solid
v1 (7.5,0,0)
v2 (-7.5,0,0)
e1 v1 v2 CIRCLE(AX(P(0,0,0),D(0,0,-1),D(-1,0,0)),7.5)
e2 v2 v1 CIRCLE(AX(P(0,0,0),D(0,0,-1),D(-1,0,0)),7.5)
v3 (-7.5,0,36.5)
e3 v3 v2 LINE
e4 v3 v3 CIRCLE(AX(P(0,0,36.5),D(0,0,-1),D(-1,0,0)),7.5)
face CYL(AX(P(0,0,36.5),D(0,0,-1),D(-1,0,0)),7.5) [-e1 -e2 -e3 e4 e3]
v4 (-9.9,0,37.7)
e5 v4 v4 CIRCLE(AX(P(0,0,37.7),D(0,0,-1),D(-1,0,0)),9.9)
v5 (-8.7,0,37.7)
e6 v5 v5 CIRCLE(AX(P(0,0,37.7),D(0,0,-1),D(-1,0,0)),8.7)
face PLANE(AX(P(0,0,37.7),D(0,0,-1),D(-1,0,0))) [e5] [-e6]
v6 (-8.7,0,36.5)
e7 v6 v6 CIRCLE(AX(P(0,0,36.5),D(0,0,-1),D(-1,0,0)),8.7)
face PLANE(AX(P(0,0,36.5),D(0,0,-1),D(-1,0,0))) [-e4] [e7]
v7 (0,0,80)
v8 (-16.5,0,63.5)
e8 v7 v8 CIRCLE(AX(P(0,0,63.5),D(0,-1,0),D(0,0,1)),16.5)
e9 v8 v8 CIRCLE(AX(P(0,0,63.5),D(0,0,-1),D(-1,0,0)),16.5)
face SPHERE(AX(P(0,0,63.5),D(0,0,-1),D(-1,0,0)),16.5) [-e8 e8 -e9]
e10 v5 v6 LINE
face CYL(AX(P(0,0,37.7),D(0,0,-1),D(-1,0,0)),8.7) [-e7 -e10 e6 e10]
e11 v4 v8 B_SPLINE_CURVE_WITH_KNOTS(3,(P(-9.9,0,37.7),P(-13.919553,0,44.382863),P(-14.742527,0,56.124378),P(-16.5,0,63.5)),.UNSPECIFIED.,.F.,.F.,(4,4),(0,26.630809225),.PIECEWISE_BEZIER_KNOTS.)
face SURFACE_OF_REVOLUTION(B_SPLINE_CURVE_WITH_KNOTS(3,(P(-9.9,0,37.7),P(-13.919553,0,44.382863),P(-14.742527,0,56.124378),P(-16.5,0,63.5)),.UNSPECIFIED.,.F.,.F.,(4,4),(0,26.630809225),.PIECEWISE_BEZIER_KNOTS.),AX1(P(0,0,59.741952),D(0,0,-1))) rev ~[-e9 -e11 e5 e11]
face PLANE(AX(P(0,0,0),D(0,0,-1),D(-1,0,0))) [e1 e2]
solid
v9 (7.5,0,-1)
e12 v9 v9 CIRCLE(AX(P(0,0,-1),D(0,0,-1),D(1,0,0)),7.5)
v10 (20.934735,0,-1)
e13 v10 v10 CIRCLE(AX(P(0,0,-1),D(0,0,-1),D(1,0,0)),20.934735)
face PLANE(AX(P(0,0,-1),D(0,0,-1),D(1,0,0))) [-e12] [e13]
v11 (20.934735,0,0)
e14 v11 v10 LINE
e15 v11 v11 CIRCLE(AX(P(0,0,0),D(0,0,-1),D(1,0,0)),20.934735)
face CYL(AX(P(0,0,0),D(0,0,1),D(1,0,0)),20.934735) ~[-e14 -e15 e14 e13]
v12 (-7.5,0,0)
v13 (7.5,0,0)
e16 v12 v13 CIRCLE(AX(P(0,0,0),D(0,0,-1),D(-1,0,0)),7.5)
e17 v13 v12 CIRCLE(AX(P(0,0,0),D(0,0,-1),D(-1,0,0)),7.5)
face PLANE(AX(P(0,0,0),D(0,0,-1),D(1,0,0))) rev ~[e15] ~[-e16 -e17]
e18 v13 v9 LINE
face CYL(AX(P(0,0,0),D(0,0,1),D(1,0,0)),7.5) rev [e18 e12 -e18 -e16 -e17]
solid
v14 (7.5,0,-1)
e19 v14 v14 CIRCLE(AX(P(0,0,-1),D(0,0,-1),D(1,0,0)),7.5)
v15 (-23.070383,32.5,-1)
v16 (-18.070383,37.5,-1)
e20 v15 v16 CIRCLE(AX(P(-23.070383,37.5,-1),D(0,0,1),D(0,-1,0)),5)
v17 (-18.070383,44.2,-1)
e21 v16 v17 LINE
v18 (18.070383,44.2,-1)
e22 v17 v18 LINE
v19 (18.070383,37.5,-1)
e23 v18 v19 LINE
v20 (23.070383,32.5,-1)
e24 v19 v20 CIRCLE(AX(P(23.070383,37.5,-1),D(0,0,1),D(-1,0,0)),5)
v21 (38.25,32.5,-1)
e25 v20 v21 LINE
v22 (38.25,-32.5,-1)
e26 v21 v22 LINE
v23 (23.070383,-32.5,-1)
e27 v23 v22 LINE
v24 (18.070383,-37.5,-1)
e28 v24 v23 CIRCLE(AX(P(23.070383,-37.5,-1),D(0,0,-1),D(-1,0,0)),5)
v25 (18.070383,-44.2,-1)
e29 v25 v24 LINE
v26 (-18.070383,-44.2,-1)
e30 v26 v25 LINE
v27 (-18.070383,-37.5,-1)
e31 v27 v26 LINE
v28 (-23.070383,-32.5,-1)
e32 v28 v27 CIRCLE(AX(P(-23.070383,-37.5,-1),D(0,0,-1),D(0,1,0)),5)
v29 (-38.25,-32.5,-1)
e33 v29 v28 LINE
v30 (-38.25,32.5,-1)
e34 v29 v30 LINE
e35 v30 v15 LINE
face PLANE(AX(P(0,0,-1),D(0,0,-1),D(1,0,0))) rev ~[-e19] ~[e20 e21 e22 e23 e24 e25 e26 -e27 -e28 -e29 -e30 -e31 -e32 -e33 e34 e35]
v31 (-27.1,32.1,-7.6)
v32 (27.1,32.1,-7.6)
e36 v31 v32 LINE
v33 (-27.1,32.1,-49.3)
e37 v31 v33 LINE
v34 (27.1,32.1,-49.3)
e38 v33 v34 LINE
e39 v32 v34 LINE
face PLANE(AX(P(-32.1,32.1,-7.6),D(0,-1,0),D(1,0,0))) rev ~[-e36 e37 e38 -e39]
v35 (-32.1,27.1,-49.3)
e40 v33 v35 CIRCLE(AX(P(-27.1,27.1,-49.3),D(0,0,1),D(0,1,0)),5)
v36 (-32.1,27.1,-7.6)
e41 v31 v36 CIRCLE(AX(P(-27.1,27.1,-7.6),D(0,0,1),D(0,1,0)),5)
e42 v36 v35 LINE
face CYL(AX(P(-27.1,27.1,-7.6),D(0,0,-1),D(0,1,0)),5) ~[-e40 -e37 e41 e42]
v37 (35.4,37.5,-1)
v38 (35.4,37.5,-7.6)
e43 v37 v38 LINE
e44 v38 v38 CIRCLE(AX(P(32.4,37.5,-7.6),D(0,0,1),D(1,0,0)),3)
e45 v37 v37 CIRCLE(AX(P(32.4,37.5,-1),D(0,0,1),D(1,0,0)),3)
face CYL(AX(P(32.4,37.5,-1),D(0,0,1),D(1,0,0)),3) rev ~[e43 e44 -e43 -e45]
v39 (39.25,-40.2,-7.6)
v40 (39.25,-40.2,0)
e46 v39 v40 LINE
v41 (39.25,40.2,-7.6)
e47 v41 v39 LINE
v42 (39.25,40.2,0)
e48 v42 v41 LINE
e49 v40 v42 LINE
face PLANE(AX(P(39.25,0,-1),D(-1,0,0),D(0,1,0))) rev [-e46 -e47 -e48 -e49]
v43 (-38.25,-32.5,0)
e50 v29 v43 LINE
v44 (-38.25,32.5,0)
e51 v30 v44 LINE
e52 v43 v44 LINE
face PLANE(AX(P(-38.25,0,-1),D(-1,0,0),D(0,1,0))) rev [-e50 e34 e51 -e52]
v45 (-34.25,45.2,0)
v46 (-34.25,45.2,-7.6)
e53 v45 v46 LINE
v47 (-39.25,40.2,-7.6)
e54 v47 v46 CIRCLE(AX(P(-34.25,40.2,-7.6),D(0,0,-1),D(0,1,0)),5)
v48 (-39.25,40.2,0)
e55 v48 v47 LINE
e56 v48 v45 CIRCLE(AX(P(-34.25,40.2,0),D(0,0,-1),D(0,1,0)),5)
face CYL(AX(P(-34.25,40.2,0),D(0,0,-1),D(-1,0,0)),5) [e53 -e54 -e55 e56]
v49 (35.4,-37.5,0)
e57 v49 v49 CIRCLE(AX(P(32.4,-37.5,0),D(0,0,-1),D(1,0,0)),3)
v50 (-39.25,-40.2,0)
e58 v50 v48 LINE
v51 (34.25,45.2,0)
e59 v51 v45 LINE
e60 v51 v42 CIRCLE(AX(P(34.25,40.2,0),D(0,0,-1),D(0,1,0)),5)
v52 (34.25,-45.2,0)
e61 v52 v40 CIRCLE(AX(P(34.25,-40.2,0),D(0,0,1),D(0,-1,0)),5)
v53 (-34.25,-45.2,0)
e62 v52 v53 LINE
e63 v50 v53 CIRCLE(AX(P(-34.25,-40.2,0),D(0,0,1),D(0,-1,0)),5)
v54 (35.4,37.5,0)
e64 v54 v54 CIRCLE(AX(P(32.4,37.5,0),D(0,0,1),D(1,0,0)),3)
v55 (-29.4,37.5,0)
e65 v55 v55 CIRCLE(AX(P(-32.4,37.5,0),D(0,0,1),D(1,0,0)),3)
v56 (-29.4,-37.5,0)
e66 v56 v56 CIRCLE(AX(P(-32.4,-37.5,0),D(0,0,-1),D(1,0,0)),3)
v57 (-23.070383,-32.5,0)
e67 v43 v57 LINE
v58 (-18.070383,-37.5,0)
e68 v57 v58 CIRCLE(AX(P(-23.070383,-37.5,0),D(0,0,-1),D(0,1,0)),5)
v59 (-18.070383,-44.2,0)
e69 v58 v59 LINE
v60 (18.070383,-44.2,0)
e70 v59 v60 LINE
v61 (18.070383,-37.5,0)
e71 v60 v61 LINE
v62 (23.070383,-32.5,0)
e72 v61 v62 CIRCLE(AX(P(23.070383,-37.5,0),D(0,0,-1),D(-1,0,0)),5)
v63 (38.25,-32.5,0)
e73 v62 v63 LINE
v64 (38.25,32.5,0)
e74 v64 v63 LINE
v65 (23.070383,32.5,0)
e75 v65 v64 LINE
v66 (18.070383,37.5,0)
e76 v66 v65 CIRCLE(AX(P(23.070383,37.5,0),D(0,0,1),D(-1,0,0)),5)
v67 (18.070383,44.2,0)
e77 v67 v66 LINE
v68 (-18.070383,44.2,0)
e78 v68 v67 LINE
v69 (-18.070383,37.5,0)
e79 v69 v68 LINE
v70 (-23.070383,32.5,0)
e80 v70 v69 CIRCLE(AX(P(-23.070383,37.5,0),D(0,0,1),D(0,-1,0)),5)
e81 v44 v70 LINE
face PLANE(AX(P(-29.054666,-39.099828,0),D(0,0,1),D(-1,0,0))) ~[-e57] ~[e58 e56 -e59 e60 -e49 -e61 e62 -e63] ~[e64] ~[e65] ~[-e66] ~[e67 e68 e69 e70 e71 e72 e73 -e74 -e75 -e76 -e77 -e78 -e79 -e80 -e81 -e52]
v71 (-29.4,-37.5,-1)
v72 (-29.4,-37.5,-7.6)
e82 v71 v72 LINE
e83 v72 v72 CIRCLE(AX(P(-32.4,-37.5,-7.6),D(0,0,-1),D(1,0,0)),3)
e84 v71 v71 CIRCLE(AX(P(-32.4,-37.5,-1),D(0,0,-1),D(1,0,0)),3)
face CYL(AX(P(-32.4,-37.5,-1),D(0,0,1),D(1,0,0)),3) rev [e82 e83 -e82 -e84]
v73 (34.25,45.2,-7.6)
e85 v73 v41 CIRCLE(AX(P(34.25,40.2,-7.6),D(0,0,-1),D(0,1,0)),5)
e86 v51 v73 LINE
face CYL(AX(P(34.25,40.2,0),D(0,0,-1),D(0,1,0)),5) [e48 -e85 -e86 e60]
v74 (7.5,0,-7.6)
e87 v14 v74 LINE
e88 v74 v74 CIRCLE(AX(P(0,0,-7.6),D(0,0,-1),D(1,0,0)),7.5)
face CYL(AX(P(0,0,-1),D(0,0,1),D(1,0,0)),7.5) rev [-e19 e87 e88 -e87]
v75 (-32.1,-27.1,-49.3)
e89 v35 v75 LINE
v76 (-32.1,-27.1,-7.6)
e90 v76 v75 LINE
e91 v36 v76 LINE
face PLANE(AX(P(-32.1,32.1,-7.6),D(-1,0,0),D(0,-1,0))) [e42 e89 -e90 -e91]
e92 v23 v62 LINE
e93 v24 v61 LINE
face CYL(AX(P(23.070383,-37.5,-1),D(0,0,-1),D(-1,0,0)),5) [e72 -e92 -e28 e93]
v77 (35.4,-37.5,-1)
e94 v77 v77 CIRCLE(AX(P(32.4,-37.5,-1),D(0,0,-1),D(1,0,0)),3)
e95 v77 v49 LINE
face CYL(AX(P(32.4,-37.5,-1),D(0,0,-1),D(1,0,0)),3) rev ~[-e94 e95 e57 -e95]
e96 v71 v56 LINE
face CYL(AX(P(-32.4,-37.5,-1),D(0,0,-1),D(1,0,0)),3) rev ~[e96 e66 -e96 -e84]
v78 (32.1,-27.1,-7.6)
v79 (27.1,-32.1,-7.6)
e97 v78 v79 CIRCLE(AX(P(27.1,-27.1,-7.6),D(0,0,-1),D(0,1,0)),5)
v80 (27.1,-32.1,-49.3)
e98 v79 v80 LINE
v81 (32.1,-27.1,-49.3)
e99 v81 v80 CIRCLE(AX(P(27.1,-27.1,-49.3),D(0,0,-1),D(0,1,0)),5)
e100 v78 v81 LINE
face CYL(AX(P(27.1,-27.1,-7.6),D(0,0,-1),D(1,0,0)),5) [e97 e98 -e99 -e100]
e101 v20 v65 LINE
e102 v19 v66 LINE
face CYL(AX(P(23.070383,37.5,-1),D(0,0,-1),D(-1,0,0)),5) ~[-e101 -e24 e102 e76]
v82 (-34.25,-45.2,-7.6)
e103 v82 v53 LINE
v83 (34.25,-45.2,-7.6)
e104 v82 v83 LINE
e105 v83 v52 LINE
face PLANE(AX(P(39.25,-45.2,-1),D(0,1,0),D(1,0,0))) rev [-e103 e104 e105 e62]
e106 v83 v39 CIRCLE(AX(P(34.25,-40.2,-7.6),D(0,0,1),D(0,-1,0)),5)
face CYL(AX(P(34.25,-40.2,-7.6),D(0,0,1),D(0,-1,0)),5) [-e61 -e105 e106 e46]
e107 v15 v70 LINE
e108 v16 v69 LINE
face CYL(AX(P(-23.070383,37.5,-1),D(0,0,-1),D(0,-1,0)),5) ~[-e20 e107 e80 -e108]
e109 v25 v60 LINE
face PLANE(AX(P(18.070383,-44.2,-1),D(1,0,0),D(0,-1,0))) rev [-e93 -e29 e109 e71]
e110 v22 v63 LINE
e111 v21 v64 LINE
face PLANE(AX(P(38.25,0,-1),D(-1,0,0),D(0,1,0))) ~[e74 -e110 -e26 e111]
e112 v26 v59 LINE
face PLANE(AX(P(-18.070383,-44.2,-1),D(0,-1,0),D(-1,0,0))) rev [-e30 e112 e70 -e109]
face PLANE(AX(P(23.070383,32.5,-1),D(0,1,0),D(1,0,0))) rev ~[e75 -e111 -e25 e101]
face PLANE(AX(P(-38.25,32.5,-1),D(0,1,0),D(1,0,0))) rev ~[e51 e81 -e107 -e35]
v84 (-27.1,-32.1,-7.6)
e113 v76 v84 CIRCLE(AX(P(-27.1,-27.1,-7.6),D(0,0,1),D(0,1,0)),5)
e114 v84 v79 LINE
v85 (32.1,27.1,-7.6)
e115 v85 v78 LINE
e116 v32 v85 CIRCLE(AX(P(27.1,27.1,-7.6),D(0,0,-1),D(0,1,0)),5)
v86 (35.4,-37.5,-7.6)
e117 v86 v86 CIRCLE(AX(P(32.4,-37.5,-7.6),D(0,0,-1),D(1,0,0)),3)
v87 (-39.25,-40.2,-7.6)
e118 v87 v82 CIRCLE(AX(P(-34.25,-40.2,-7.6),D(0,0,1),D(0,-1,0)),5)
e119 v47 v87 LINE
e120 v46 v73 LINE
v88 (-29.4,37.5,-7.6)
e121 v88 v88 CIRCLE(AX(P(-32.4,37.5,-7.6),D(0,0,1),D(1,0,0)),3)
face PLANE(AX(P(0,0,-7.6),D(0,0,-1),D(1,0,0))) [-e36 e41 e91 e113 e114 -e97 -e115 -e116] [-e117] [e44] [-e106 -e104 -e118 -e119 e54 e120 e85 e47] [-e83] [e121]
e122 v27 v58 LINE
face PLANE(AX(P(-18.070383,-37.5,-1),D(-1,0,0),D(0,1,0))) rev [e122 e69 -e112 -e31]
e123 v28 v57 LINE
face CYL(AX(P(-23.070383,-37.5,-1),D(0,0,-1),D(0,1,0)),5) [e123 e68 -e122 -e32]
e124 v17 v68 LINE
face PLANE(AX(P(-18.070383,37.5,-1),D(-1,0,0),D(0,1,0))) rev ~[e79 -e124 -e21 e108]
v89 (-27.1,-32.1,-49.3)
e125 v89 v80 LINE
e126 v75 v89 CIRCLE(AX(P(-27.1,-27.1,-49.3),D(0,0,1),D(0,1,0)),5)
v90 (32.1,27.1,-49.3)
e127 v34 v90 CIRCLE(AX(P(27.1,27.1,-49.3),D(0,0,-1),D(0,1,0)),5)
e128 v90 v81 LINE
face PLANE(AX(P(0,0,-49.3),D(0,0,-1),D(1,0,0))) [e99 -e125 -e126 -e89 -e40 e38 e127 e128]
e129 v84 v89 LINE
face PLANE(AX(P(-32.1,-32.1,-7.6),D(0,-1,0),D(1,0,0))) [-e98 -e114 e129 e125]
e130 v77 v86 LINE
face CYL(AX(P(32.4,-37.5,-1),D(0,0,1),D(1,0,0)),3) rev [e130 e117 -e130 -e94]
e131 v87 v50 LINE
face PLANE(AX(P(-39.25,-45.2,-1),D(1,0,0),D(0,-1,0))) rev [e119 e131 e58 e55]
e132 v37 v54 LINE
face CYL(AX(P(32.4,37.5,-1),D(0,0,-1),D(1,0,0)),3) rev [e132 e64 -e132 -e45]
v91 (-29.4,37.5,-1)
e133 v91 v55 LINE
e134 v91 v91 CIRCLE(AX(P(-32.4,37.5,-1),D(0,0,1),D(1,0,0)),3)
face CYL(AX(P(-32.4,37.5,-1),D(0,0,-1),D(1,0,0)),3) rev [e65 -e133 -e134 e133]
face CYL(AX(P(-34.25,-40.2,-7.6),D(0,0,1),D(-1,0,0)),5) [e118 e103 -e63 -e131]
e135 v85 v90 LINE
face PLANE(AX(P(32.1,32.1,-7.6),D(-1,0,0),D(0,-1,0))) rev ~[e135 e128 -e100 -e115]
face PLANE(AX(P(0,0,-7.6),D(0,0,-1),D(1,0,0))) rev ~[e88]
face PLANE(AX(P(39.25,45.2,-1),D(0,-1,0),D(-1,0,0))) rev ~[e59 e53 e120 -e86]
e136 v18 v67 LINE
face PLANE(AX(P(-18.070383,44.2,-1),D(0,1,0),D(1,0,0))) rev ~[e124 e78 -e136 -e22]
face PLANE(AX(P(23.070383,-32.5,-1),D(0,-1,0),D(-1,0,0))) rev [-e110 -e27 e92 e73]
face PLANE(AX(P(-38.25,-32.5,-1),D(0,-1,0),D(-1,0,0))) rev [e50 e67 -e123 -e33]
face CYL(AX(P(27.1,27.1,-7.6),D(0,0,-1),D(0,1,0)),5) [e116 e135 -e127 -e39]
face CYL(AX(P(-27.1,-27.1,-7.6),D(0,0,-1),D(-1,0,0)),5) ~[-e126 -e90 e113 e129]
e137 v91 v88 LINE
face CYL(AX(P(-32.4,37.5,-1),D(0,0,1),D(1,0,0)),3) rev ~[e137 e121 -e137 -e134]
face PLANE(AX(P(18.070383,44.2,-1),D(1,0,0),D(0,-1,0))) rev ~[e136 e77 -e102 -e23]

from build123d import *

# Parameters (mm, degrees)
F2_R      = 20.9347351309
F2_R_2    = 7.5
F3_DEPTH  = 1
F4_W      = 78.5
F4_H      = 90.4
F4_R      = 20.9347351309
F4_R_2    = 7.5
F5_DEPTH  = 6.6
F6_W      = 64.2
F6_H      = 64.2
F7_DEPTH  = 41.7
F8_R      = 3
F8_W      = 36.1407659948
F8_H      = 1
F8_W_2    = 1
F8_H_2    = 32.5
F9_DEPTH  = 1
F11_DEPTH = 6.6
F12_R     = 5


with BuildPart() as f1:
    # F0 (on Front) → F1 (revolve)
    with BuildSketch(Plane.XZ):
        with BuildLine():
            Line((-7.5, 0), (0, 0))
            Line((0, 0), (0, 80))
            ThreePointArc((0, 80), (-11.6672618896, 75.1672618896), (-16.5, 63.5))
            add(Edge.make_bspline(
                [(-9.9, 37.7), (-13.9195526105, 44.3828629705), (-14.7425273766, 56.1243776542), (-16.5, 63.5)],
                knots=[0, 0, 0, 0, 26.6308092254, 26.6308092254, 26.6308092254, 26.6308092254], degree=3))
            Line((-9.9, 37.7), (-8.7, 37.7))
            Line((-8.7, 37.7), (-8.7, 36.5))
            Line((-8.7, 36.5), (-7.5, 36.5))
            Line((-7.5, 36.5), (-7.5, 0))
        make_face()
    revolve(axis=Axis((0, 0, 59.7419515252), (0, 0, -1)))

    # F2 (on face) → F3 (join)
    with BuildSketch(Plane(origin=(0, 0, 0), x_dir=(1, 0, 0), z_dir=(0, 0, -1))):
        Circle(F2_R)
        Circle(F2_R_2, mode=Mode.SUBTRACT)
    extrude(amount=F3_DEPTH)


with BuildPart() as f5:
    # F4 (on face) → F5 (new body)
    with BuildSketch(Plane(origin=(0, 0, -1), x_dir=(1, 0, 0), z_dir=(0, 0, -1))):
        Rectangle(F4_W, F4_H)
        Circle(F4_R, mode=Mode.SUBTRACT)
        Circle(F4_R)
        Circle(F4_R_2, mode=Mode.SUBTRACT)
    extrude(amount=F5_DEPTH)

    # F6 (on face) → F7 (join)
    with BuildSketch(Plane(origin=(0, 0, -7.6), x_dir=(1, 0, 0), z_dir=(0, 0, -1))):
        Rectangle(F6_W, F6_H)
    extrude(amount=F7_DEPTH)



with BuildPart() as f9:
    # F8 (on face) → F9 (new body)
    with BuildSketch(Plane.XY.offset(-1)):
        with BuildLine():
            Line((-39.25, 45.2), (-39.25, 32.5))
            Line((-39.25, 32.5), (-38.25, 32.5))
            Line((-38.25, 32.5), (-23.0703829974, 32.5))
            ThreePointArc((-23.0703829974, 32.5), (-19.5348490915, 33.9644660941), (-18.0703829974, 37.5))
            Line((-18.0703829974, 37.5), (-18.0703829974, 44.2))
            Line((-18.0703829974, 44.2), (-18.0703829974, 45.2))
            Line((-18.0703829974, 45.2), (-39.25, 45.2))
        make_face()
        with Locations((-32.4, 37.5)):
            Circle(F8_R, mode=Mode.SUBTRACT)
        with BuildLine():
            Line((39.25, 45.2), (18.0703829974, 45.2))
            Line((18.0703829974, 45.2), (18.0703829974, 44.2))
            Line((18.0703829974, 44.2), (18.0703829974, 37.5))
            ThreePointArc((18.0703829974, 37.5), (19.5348490915, 33.9644660941), (23.0703829974, 32.5))
            Line((23.0703829974, 32.5), (38.25, 32.5))
            Line((38.25, 32.5), (39.25, 32.5))
            Line((39.25, 32.5), (39.25, 45.2))
        make_face()
        with Locations((32.4, 37.5)):
            Circle(F8_R, mode=Mode.SUBTRACT)
        with Locations((0, 44.7)):
            Rectangle(F8_W, F8_H)
        with Locations((-38.75, 16.25)):
            Rectangle(F8_W_2, F8_H_2)
        with Locations((38.75, 16.25)):
            Rectangle(F8_W_2, F8_H_2)
    extrude(amount=F9_DEPTH)


with BuildPart() as f5_1:
    add(f5.part)

    add(f9.part)  # F10 merges F9
    # F10: F9 across plane
    add(f9.part.mirror(Plane.XZ))

    # F11 (cut, through all): faces of the model
    f11_faces = [f5_1.faces().sort_by_distance(p)[0] for p in [
        (-32.4, 37.5, -1),
        (32.4, 37.5, -1),
        (-32.4, -37.5, -1),
        (32.4, -37.5, -1),
    ]]
    extrude(f11_faces, amount=-F11_DEPTH, mode=Mode.SUBTRACT)

    # F12
    f12_edges = [f5_1.edges().sort_by_distance(p)[0] for p in [
        (-39.25, -45.2, -3.8),
        (39.25, -45.2, -3.8),
        (39.25, 45.2, -3.8),
        (-39.25, 45.2, -3.8),
        (-32.1, -32.1, -28.45),
        (-32.1, 32.1, -28.45),
        (32.1, -32.1, -28.45),
        (32.1, 32.1, -28.45),
    ]]
    fillet(f12_edges, radius=F12_R)


solid = Compound([f1.part, f5_1.part])
